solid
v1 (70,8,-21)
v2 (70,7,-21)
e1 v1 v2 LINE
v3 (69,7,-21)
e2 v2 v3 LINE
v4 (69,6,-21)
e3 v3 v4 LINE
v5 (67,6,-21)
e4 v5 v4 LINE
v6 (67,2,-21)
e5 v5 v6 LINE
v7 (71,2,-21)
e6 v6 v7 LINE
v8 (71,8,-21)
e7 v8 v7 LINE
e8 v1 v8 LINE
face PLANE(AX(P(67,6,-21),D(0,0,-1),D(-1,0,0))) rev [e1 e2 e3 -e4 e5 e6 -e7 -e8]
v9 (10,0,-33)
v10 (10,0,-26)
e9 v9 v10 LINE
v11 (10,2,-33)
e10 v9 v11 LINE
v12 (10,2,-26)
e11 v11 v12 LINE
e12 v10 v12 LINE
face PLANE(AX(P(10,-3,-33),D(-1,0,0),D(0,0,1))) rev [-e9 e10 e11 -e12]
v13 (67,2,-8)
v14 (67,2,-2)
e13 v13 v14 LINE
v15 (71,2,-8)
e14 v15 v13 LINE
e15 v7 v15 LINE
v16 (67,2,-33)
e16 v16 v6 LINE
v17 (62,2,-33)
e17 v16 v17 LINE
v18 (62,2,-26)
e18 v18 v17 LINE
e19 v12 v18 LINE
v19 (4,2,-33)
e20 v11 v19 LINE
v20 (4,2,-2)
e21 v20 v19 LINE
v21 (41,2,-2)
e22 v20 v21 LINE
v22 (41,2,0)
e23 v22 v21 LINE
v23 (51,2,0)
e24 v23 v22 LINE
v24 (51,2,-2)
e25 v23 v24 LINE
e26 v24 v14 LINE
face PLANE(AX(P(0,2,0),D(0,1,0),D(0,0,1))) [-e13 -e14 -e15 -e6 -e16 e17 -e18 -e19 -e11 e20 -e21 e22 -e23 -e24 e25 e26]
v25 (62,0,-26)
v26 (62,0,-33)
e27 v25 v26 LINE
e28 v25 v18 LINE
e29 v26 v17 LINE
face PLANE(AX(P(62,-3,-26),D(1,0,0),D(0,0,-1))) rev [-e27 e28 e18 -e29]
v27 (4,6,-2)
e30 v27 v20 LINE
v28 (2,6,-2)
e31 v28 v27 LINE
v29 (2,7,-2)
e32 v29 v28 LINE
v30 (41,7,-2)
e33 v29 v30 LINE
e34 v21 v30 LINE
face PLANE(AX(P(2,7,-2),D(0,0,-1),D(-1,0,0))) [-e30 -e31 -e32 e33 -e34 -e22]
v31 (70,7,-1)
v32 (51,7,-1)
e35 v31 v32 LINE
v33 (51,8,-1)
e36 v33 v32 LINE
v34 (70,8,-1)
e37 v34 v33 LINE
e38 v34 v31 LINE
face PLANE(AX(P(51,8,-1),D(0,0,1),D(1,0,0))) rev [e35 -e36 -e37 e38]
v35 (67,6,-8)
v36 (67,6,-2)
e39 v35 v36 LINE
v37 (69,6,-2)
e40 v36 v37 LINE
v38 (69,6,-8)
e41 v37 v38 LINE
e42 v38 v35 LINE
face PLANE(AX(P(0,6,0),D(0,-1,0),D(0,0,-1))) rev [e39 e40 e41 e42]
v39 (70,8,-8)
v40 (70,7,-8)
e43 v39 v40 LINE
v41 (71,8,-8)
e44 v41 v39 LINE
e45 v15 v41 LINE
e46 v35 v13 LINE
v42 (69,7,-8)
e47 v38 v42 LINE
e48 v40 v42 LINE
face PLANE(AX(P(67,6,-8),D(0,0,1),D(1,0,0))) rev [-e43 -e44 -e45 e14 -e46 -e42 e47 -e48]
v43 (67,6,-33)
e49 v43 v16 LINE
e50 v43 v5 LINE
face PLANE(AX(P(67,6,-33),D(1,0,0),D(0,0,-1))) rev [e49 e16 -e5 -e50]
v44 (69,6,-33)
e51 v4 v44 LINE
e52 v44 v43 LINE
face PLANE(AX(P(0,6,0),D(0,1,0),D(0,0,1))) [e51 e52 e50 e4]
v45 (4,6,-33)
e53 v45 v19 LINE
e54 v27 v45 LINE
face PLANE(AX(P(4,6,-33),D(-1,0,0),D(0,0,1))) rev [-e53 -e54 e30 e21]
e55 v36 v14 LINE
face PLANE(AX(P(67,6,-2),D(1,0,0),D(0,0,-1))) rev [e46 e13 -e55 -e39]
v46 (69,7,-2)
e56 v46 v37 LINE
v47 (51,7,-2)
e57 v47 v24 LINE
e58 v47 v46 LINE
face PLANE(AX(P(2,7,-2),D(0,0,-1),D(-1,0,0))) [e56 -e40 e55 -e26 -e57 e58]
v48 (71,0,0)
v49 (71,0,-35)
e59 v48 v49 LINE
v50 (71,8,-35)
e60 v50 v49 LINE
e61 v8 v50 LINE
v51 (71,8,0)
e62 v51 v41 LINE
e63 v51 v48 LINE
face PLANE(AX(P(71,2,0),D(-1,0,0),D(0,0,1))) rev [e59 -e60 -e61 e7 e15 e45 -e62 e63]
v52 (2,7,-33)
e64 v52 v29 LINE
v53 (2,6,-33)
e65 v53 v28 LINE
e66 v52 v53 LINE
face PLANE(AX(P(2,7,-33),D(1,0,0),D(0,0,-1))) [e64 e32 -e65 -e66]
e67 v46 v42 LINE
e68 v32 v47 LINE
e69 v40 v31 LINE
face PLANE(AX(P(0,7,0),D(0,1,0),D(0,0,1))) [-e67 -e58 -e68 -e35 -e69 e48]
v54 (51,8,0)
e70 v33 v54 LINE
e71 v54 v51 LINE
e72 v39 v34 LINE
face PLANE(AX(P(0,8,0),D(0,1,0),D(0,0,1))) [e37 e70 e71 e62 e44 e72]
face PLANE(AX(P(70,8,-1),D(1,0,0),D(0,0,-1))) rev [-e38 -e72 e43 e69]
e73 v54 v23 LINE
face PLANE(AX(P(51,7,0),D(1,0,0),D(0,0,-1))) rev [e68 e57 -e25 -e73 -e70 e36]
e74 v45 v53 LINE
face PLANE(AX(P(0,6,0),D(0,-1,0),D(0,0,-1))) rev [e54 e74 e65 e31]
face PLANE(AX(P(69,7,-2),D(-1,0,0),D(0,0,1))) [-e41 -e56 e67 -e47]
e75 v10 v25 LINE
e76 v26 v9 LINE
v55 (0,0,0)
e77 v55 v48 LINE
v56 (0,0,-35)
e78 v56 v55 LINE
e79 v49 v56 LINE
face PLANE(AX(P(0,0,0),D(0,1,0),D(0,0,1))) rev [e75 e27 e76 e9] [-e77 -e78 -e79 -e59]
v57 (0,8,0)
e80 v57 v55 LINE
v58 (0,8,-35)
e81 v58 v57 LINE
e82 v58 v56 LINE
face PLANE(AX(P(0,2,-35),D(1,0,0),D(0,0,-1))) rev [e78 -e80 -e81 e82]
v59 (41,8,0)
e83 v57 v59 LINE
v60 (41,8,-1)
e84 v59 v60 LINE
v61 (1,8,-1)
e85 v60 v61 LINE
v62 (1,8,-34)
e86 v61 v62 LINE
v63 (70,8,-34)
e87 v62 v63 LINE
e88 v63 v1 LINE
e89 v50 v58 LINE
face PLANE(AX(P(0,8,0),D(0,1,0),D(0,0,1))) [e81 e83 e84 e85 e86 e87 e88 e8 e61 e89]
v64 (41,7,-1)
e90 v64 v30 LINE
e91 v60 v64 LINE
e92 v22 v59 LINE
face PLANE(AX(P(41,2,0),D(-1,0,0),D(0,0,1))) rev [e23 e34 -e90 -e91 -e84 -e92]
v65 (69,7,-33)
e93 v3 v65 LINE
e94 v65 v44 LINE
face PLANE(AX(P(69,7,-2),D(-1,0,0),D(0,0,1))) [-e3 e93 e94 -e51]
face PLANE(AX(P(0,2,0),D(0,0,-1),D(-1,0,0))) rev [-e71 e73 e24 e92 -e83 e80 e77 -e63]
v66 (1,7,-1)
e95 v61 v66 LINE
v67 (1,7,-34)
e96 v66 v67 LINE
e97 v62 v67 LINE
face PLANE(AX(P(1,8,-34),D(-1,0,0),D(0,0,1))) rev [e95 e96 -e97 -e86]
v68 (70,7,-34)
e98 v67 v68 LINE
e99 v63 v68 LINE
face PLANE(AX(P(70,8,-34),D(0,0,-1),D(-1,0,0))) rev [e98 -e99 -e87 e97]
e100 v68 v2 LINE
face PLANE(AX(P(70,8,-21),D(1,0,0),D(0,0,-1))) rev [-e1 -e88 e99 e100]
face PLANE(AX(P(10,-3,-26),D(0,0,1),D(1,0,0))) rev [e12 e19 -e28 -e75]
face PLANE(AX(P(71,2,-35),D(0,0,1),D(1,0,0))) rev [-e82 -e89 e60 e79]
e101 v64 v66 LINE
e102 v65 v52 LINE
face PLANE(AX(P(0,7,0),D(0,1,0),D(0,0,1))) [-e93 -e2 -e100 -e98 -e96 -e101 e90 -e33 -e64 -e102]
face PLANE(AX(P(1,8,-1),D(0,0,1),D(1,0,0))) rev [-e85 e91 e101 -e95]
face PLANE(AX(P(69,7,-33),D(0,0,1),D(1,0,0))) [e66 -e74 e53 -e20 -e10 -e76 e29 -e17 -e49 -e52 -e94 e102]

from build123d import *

# Parameters (mm, degrees)
SKETCH1_W           = 71
SKETCH1_H           = 35
BOSS_EXTRUDE1_DEPTH = 2
SKETCH2_W           = 71
SKETCH2_H           = 35
SKETCH2_W_2         = 67
SKETCH2_H_2         = 31
BOSS_EXTRUDE2_DEPTH = 5
SKETCH3_W           = 52
SKETCH3_H           = 7
CUT_EXTRUDE1_DEPTH  = 5
SKETCH4_W           = 2
SKETCH4_H           = 31
SKETCH4_H_2         = 12
SKETCH4_H_3         = 6
BOSS_EXTRUDE3_DEPTH = 4
SKETCH5_W           = 13
SKETCH5_H           = 5
CUT_EXTRUDE2_DEPTH  = 2
SKETCH6_W           = 10
SKETCH6_H           = 5
CUT_EXTRUDE3_DEPTH  = 2
BOSS_EXTRUDE4_DEPTH = 1


with BuildPart() as part:
    # Sketch1 → Boss-Extrude1 (new body)
    with BuildSketch(Plane(origin=(0, 0, 0), x_dir=(1, 0, 0), z_dir=(0, 1, 0))):
        with Locations((35.5, 17.5)):
            Rectangle(SKETCH1_W, SKETCH1_H)
    extrude(amount=BOSS_EXTRUDE1_DEPTH)

    # Sketch2 → Boss-Extrude2 (add)
    with BuildSketch(Plane(origin=(0, 2, 0), x_dir=(1, 0, 0), z_dir=(0, 1, 0))):
        with Locations((35.5, 17.5)):
            Rectangle(SKETCH2_W, SKETCH2_H)
        with Locations((35.5, 17.5)):
            Rectangle(SKETCH2_W_2, SKETCH2_H_2, mode=Mode.SUBTRACT)
    extrude(amount=BOSS_EXTRUDE2_DEPTH)

    # Sketch3 → Cut-Extrude1 (cut)
    with BuildSketch(Plane(origin=(0, 2, 0), x_dir=(1, 0, 0), z_dir=(0, 1, 0))):
        with Locations((36, 29.5)):
            Rectangle(SKETCH3_W, SKETCH3_H)
    extrude(amount=-CUT_EXTRUDE1_DEPTH, mode=Mode.SUBTRACT)

    # Sketch4 → Boss-Extrude3 (add)
    with BuildSketch(Plane(origin=(0, 2, 0), x_dir=(1, 0, 0), z_dir=(0, 1, 0))):
        with Locations((3, 17.5)):
            Rectangle(SKETCH4_W, SKETCH4_H)
        with Locations((68, 27)):
            Rectangle(SKETCH4_W, SKETCH4_H_2)
        with Locations((68, 5)):
            Rectangle(SKETCH4_W, SKETCH4_H_3)
    extrude(amount=BOSS_EXTRUDE3_DEPTH)

    # Sketch5 → Cut-Extrude2 (cut)
    with BuildSketch(Plane.ZY.offset(-69)):
        with Locations((-14.5, 4.5)):
            Rectangle(SKETCH5_W, SKETCH5_H)
    extrude(amount=-CUT_EXTRUDE2_DEPTH, mode=Mode.SUBTRACT)

    # Sketch6 → Cut-Extrude3 (cut)
    with BuildSketch(Plane(origin=(0, 0, -2), x_dir=(-1, 0, 0), z_dir=(0, 0, -1))):
        with Locations((-46, 4.5)):
            Rectangle(SKETCH6_W, SKETCH6_H)
    extrude(amount=-CUT_EXTRUDE3_DEPTH, mode=Mode.SUBTRACT)

    # Sketch7 → Boss-Extrude4 (add)
    with BuildSketch(Plane(origin=(0, 7, 0), x_dir=(1, 0, 0), z_dir=(0, 1, 0))):
        Polygon((71, 35), (0, 35), (0, 0), (41, 0), (41, 1), (1, 1), (1, 34), (70, 34), (70, 21), (71, 21), align=None)
        Polygon((51, 0), (71, 0), (71, 8), (70, 8), (70, 1), (51, 1), align=None)
    extrude(amount=BOSS_EXTRUDE4_DEPTH)


solid = part.part
